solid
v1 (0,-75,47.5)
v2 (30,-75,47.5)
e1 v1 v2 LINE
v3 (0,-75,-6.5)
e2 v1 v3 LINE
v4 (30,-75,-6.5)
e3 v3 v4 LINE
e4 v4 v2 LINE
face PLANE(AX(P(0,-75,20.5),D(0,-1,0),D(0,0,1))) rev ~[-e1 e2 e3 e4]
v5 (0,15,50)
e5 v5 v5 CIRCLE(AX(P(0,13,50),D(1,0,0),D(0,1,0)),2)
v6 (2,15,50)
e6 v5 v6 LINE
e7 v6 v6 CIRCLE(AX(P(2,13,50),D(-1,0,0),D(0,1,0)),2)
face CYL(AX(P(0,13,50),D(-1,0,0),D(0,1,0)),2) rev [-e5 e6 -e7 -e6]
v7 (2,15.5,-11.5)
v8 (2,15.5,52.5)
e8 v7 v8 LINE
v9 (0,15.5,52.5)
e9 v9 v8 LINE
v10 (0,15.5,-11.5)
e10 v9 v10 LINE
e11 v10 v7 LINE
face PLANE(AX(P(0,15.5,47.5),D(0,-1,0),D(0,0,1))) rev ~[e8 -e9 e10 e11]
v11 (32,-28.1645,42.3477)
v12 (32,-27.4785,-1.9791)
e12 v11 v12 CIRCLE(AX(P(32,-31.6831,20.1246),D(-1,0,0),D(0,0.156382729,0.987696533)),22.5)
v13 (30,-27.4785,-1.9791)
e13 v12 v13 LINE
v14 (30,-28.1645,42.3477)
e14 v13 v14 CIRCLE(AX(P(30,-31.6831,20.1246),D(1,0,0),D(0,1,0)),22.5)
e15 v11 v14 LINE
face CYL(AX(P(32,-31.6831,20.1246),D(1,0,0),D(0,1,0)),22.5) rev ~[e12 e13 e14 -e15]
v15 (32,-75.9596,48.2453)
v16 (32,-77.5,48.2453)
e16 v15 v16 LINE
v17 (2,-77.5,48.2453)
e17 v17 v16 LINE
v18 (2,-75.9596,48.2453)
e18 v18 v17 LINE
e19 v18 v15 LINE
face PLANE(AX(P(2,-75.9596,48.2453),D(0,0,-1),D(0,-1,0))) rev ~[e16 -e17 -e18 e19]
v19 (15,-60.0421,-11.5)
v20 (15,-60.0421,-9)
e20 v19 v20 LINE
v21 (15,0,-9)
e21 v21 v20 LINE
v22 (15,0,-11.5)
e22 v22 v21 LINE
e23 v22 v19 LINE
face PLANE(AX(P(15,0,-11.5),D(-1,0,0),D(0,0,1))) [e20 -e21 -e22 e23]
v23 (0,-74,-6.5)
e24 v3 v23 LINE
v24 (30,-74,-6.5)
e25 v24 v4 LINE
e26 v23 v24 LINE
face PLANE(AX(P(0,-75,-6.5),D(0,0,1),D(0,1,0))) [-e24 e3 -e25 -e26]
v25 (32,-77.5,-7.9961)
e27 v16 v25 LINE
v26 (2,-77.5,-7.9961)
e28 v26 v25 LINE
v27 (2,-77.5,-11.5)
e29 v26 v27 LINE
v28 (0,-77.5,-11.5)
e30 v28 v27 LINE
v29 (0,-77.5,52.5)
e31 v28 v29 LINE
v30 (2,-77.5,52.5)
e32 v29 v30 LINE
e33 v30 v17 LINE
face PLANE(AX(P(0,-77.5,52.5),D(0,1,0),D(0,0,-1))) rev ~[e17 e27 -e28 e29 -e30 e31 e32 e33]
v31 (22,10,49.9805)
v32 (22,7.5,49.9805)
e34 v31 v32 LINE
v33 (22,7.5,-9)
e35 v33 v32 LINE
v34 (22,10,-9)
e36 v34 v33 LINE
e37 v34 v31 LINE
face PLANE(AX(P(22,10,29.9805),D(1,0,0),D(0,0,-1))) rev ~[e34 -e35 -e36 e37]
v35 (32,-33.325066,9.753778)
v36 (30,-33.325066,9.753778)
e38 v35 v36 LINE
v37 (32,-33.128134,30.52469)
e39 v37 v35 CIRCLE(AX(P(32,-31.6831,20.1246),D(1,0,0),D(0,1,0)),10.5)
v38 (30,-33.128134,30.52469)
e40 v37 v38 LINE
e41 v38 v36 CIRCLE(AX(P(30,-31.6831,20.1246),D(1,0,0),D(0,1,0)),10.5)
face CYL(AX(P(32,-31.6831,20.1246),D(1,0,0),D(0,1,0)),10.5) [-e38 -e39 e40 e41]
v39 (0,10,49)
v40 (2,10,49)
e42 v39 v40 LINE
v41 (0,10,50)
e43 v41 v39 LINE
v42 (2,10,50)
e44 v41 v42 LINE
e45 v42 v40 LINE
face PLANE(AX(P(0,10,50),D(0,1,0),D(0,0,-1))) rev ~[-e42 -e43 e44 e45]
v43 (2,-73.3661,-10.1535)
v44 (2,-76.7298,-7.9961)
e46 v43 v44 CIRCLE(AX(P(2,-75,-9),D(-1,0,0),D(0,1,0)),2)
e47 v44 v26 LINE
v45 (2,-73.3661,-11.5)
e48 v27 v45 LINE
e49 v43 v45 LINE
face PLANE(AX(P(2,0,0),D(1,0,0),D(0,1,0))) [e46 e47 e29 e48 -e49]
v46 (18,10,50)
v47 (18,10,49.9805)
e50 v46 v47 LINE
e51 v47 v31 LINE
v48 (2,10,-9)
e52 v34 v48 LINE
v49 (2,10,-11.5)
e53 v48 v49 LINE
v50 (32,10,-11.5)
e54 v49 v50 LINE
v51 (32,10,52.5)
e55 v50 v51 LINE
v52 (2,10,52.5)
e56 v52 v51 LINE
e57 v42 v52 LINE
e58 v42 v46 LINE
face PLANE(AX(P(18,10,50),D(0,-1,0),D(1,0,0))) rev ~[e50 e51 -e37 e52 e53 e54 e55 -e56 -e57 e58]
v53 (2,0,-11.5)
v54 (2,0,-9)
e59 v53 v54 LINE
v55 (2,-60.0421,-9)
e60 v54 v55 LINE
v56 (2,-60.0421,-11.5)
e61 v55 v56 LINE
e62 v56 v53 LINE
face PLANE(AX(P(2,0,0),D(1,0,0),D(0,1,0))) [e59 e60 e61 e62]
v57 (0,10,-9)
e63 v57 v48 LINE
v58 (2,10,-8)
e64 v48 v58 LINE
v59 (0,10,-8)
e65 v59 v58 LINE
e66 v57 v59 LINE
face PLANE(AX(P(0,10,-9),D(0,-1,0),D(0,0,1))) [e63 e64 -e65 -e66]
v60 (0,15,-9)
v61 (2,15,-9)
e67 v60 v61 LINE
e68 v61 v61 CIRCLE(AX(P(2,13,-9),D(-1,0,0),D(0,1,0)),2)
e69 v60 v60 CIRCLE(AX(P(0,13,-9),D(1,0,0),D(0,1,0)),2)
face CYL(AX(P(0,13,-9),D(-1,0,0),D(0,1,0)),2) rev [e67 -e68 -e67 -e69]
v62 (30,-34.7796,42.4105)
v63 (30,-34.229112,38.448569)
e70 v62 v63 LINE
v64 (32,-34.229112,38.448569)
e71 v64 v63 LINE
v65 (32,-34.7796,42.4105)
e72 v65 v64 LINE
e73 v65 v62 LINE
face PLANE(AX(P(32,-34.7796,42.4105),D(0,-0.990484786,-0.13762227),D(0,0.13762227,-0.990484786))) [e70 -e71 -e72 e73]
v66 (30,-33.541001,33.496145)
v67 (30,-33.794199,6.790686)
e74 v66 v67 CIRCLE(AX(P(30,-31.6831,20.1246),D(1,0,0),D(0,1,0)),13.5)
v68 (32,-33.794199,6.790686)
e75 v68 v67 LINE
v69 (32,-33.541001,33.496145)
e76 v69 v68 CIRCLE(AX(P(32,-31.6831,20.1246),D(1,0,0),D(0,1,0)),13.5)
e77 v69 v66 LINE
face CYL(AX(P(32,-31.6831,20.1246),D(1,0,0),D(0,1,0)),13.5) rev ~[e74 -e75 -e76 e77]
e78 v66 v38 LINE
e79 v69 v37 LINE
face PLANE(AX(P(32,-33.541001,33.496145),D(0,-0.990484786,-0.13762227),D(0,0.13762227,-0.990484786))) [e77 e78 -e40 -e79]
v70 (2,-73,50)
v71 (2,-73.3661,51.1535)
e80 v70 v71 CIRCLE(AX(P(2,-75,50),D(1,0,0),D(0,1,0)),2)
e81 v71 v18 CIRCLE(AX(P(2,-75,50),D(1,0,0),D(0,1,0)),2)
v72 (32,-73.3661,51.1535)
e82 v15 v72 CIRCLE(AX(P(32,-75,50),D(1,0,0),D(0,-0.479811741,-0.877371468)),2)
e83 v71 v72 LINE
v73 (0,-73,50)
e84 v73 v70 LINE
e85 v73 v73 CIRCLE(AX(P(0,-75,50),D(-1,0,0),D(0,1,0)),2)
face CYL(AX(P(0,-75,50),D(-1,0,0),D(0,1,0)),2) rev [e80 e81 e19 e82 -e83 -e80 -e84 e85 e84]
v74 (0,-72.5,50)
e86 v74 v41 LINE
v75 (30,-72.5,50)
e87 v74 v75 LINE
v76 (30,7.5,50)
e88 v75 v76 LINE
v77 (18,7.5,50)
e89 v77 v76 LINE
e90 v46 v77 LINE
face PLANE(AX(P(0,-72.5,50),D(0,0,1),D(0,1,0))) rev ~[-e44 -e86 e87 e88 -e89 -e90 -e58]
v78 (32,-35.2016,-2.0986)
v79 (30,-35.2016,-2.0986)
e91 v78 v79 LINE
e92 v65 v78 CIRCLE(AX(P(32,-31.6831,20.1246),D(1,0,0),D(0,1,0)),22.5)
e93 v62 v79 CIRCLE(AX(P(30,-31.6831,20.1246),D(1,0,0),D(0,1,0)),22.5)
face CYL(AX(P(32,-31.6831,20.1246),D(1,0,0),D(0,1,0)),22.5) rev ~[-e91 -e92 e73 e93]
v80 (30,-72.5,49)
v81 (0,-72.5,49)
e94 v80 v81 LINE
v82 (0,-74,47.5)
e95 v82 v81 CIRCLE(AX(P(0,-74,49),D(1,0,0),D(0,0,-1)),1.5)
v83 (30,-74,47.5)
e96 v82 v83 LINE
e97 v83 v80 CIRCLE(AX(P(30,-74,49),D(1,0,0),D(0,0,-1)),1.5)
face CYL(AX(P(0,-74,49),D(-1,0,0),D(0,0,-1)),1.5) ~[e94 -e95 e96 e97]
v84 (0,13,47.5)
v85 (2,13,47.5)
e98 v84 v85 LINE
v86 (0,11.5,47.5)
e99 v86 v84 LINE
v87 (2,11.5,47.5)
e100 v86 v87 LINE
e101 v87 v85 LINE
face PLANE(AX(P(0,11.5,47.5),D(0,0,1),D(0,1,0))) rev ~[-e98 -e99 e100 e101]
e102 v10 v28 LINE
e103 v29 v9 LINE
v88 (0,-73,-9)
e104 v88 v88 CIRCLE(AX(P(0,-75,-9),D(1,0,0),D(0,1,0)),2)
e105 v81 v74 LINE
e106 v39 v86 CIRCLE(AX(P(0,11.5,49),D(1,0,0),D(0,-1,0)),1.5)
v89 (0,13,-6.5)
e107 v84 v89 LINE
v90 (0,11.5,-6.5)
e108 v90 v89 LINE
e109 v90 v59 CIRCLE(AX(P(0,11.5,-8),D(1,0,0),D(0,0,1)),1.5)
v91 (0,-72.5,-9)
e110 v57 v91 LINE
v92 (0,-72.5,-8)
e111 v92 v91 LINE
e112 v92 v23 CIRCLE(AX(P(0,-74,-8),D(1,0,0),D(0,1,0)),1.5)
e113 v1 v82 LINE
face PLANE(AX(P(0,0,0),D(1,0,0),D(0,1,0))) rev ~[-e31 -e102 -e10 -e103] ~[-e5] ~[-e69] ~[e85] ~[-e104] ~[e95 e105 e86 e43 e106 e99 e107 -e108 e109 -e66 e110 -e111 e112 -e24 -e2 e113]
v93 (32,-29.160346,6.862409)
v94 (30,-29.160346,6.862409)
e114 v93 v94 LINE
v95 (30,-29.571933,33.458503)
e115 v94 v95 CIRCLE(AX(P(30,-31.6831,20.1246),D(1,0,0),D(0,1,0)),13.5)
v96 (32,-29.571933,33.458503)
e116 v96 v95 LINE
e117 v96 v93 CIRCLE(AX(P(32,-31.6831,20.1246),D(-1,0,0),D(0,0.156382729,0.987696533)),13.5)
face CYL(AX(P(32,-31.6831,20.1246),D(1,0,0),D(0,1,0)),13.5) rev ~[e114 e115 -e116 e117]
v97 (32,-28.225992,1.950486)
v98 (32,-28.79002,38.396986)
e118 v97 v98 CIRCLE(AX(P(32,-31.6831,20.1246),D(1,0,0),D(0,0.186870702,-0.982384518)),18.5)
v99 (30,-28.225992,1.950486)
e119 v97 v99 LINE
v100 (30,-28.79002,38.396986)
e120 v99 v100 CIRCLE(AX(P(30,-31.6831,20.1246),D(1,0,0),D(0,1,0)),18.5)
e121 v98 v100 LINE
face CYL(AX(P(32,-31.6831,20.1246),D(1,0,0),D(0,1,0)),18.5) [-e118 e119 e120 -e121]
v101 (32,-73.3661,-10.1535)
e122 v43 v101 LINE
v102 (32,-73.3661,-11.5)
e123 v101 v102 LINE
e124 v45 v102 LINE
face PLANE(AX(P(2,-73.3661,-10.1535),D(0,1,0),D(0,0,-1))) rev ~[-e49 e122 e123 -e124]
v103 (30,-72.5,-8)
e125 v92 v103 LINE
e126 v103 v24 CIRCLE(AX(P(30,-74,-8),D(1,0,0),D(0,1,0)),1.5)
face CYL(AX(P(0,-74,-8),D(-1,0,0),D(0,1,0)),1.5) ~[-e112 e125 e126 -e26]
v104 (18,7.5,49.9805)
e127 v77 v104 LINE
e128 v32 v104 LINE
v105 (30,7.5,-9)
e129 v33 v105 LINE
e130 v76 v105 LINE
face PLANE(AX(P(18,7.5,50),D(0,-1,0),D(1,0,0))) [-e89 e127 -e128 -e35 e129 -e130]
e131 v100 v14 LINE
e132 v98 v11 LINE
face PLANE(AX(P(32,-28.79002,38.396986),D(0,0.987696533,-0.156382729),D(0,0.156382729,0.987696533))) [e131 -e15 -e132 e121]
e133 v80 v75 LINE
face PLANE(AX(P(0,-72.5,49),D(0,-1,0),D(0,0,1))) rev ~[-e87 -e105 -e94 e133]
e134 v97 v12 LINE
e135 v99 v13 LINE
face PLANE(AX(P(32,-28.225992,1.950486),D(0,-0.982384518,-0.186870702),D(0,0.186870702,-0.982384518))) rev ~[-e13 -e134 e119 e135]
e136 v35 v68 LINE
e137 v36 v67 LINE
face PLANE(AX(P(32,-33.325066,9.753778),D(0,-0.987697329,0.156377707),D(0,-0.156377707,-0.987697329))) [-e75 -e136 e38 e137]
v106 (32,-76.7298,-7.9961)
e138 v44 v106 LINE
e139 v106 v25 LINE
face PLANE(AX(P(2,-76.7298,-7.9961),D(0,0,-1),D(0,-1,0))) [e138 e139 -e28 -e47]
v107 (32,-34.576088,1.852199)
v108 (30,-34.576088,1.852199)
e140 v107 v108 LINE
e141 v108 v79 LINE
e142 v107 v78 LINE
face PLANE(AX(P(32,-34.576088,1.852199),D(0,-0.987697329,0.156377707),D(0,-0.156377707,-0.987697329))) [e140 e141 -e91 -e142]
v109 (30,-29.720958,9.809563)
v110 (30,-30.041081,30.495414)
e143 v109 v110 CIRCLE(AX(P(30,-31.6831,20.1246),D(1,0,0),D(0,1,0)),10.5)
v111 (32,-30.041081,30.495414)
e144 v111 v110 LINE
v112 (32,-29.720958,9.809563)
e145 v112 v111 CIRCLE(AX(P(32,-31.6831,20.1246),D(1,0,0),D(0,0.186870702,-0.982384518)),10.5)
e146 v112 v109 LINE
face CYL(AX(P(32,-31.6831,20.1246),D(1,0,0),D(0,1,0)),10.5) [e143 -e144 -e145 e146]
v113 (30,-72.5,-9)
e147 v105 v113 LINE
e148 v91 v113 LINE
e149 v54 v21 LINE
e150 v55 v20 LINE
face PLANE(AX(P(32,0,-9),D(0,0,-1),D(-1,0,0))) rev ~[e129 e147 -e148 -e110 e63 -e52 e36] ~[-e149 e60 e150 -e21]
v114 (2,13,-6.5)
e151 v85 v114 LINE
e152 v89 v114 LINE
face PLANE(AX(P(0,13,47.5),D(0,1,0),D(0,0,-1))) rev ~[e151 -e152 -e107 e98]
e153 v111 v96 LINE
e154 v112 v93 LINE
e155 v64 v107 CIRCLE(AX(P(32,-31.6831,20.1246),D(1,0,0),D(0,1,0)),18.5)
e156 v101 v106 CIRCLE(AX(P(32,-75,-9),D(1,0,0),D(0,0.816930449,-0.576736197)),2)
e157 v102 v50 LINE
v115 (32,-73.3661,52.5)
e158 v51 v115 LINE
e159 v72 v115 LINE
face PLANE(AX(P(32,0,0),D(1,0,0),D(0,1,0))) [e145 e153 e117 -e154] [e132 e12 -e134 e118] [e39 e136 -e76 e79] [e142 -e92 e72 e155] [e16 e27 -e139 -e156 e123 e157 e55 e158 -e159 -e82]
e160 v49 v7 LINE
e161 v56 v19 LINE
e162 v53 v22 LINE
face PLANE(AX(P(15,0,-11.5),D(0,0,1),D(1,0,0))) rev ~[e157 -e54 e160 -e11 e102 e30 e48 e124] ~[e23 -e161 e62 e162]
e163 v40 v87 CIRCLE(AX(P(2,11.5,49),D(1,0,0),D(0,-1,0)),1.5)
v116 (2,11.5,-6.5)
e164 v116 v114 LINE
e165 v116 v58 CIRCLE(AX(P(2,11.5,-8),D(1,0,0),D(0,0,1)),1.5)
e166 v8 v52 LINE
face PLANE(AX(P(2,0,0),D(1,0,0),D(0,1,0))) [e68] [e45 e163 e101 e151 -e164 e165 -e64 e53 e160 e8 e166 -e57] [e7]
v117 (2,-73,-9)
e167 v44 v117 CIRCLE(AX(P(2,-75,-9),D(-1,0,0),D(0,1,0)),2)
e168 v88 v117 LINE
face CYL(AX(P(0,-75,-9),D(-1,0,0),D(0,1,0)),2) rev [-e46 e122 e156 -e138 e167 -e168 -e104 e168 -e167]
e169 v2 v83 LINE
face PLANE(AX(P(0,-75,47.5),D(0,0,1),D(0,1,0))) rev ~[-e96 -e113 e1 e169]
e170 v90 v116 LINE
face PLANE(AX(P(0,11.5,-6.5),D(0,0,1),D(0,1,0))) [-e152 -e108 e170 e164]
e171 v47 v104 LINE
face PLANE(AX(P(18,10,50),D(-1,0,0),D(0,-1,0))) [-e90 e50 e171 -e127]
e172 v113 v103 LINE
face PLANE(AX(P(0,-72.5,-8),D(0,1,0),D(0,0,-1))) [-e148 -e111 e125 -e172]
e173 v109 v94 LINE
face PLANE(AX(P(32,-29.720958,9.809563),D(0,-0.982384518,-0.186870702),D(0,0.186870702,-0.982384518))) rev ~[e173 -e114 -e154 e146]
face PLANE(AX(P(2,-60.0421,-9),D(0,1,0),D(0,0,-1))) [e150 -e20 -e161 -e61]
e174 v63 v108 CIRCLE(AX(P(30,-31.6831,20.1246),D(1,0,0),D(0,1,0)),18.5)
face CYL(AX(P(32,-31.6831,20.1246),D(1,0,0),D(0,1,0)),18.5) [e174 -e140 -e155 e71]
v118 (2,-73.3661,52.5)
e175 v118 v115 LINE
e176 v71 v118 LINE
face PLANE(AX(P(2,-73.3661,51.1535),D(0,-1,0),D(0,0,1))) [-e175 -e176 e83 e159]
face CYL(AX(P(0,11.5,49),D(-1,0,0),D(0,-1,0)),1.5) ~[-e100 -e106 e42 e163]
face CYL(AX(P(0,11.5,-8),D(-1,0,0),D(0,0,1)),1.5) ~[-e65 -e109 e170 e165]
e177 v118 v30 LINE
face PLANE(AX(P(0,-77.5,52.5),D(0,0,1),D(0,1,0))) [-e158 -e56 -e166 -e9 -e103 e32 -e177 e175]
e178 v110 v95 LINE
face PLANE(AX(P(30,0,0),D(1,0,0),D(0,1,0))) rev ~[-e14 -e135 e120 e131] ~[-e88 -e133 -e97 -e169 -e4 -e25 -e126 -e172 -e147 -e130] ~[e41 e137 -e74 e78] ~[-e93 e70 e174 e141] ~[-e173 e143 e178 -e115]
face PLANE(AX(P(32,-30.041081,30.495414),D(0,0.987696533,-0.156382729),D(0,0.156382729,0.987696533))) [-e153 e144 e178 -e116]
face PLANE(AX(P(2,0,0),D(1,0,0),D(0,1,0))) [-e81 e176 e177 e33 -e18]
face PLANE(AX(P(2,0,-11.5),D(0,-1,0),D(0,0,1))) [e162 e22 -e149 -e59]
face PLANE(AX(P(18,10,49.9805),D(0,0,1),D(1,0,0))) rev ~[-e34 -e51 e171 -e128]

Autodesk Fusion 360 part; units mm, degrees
sketch "Sketch1" plane through (0, 0, 0) normal (1, 0, 0) x (0, 1, 0)
  line L0 (-75, 50) -> (13, 50)
  line L1 (13, 50) -> (13, -9)
  line L2 (13, -9) -> (-75, -9)
  line L3 (-75, -9) -> (-75, 50)
  circle A0 centre (-75, 50) radius 2
  circle A1 centre (13, 50) radius 2
  circle A2 centre (-75, -9) radius 2
  circle A3 centre (13, -9) radius 2
  line L4 (-77.5, 52.5) -> (-77.5, 47.5)
  line L5 (-77.5, 47.5) -> (-74, 47.5)
  line L6 (-72.5, 49) -> (-72.5, 52.5)
  line L7 (-72.5, 52.5) -> (10, 52.5)
  line L8 (10, 52.5) -> (10, 49)
  line L9 (11.5, 47.5) -> (15.5, 47.5)
  line L10 (15.5, 47.5) -> (15.5, 52.5)
  line L11 (15.5, 52.5) -> (10, 52.5)
  line L12 (-75, 20.5) -> (-35, 20.5)
  line L13 (-77.5, -11.5) -> (-77.5, -6.5)
  line L14 (-77.5, -6.5) -> (-74, -6.5)
  line L15 (-72.5, -8) -> (-72.5, -11.5)
  line L16 (-72.5, -11.5) -> (10, -11.5)
  line L17 (10, -11.5) -> (10, -8)
  line L18 (11.5, -6.5) -> (15.5, -6.5)
  line L19 (15.5, -6.5) -> (15.5, -11.5)
  line L20 (15.5, -11.5) -> (10, -11.5)
  line L21 (-77.5, 52.5) -> (-72.5, 52.5)
  line L22 (-77.5, 47.5) -> (-77.5, -11.5)
  line L23 (-77.5, -11.5) -> (-72.5, -11.5)
  arc A4 (-74, 47.5) -> (-72.5, 49) centre (-74, 49) ccw
  arc A5 (-72.5, -8) -> (-74, -6.5) centre (-74, -8) ccw
  arc A6 (11.5, -6.5) -> (10, -8) centre (11.5, -8) ccw
  arc A7 (10, 49) -> (11.5, 47.5) centre (11.5, 49) ccw
  line L24 (15.5, 47.5) -> (15.5, -6.5)
  dimension "d1" = 88
  dimension "d2" = 59
  dimension "d3" = 4
  dimension "d4" = 4
  dimension "d5" = 4
  dimension "d6" = 4
  dimension "d7" = 1.5
extrude "Extrude1" add sketch "Sketch1" along normal blind 2 contours L0 L3 A0 L4 L5 L6 L21 | L0 L3 A0 L5 L6 A4 | L0 L6 L7 L8 | L3 L5 L14 L22 | L0 L1 A1 L8 L9 L10 L11 | L0 L1 A1 L8 L9 A7 | L2 L3 A2 L14 L15 A5 | L2 L3 A2 L13 L14 L15 L22 L23 | L1 L9 L18 L24 | L2 L15 L16 L17 | L1 L2 A3 L17 L18 L19 L20 | L1 L2 A3 L17 L18 A6
sketch "Sketch2" plane through (2, 0, 0) normal (1, 0, 0) x (0, 1, 0)
  line L0 (-74, -6.5) -> (-75, -6.5)
  line L1 (-75, -6.5) -> (-75, 47.5)
  line L2 (-75, 47.5) -> (-74, 47.5)
  arc A0 (-74, 47.5) -> (-72.5, 49) centre (-74, 49) ccw
  line L3 (-72.5, 49) -> (-72.5, 50)
  line L4 (-72.5, 50) -> (10, 50)
  line L5 (10, 50) -> (10, 49)
  arc A1 (10, 49) -> (11.5, 47.5) centre (11.5, 49) ccw
  line L6 (11.5, 47.5) -> (13, 47.5)
  line L7 (13, 47.5) -> (13, -6.5)
  line L8 (13, -6.5) -> (11.5, -6.5)
  arc A2 (11.5, -6.5) -> (10, -8) centre (11.5, -8) ccw
  line L9 (10, -8) -> (10, -9)
  line L10 (10, -9) -> (-72.5, -9)
  line L11 (-72.5, -9) -> (-72.5, -8)
  arc A3 (-72.5, -8) -> (-74, -6.5) centre (-74, -8) ccw
  circle A4 centre (13, 50) radius 2
  circle A5 centre (13, -9) radius 2
  circle A6 centre (-75, -9) radius 2
  circle A7 centre (-75, 50) radius 2
  line L12 (15.5, 52.5) -> (-77.5, 52.5)
  line L13 (-77.5, 52.5) -> (-77.5, -11.5)
  line L14 (-77.5, -11.5) -> (15.5, -11.5)
  line L15 (15.5, -11.5) -> (15.5, 52.5)
  line L16 (-75.9596, 48.2453) -> (-77.5, 48.2453)
  line L17 (-73.3661, 51.1535) -> (-73.3661, 52.5)
  line L18 (-76.7298, -7.9961) -> (-77.5, -7.9961)
  line L19 (-73.3661, -10.1535) -> (-73.3661, -11.5)
  line L20 (-60.0421, -9) -> (-60.0421, -11.5)
  line L21 (10, 50) -> (10, 52.5)
  line L22 (0, -11.5) -> (0, -9)
  line L23 (10, -9) -> (10, -11.5)
extrude "Extrude2" add sketch "Sketch2" along normal blind 30 contours L0 L1 L2 A0 L3 L4 L10 L11 A3 A6 A7 L12 L13 L14 L16 L17 L18 L19 L20 L21 | L10 L14 L22 L23
sketch "Sketch3" plane through (0, 0, 50) normal (0, 0, -1) x (1, 0, 0)
  line L0 (0, 72.5) -> (0, -10)
  line L1 (0, -10) -> (2, -10)
  line L2 (2, -10) -> (32, -10)
  line L3 (32, -10) -> (32, 72.5)
  line L4 (32, 72.5) -> (0, 72.5)
  line L5 (32, -10) -> (18, -10)
  line L6 (18, -10) -> (18, -7.5)
  line L7 (18, -7.5) -> (32, -7.5)
  line L8 (32, -7.5) -> (32, -10)
  dimension "d12" = 14
  dimension "d13" = 2.5
extrude "Extrude3" add sketch "Sketch3" along normal up to surface (59 mm away) contours L2 L3 L5 L6 L7 L8
sketch "Sketch4" plane through (0, 0, 0) normal (0, -1, 0) x (1, 0, 0)
  line L0 (2, -9) -> (2, -11.5)
  line L1 (2, -11.5) -> (32, -11.5)
  line L2 (32, -11.5) -> (32, -9)
  line L3 (32, -9) -> (2, -9)
  line L4 (32, -11.5) -> (15, -11.5)
  line L5 (15, -11.5) -> (15, -9)
  line L6 (15, -9) -> (32, -9)
  line L7 (32, -9) -> (32, -11.5)
extrude "Extrude4" add sketch "Sketch4" along normal up to surface (60.0421 mm away) contours L1 L2 L3 L4 L5 L6 L7
sketch "Sketch5" plane through (0, 10, 0) normal (0, 1, 0) x (-1, 0, 0)
  line L0 (-2, -11.5) -> (-2, -9)
  line L1 (-2, -9) -> (-18, -9)
  line L2 (-18, -9) -> (-18, 50)
  line L3 (-18, 50) -> (-2, 50)
  line L4 (-2, 50) -> (-2, 52.5)
  line L5 (-2, 52.5) -> (-32, 52.5)
  line L6 (-32, 52.5) -> (-32, -11.5)
  line L7 (-32, -11.5) -> (-2, -11.5)
  line L8 (-18, 29.9805) -> (-22, 29.9805)
  line L9 (-22, 29.9805) -> (-22, -9)
  line L10 (-22, -9) -> (-18, -9)
extrude "Extrude5" cut sketch "Sketch5" against normal blind 6 contours L2 L8 L9 L10
sketch "Sketch6" plane through (32, 0, 0) normal (1, 0, 0) x (0, 1, 0)
  line L0 (-73.3661, -11.5) -> (10, -11.5)
  line L1 (10, -11.5) -> (10, 52.5)
  line L2 (10, 52.5) -> (-73.3661, 52.5)
  line L3 (-73.3661, 52.5) -> (-73.3661, 51.1535)
  arc A0 (-75.9596, 48.2453) -> (-73.3661, 51.1535) centre (-75, 50) ccw
  line L4 (-75.9596, 48.2453) -> (-77.5, 48.2453)
  line L5 (-77.5, 48.2453) -> (-77.5, -7.9961)
  line L6 (-77.5, -7.9961) -> (-76.7298, -7.9961)
  arc A1 (-73.3661, -10.1535) -> (-76.7298, -7.9961) centre (-75, -9) ccw
  line L7 (-73.3661, -10.1535) -> (-73.3661, -11.5)
  line L8 (7.5, -9) -> (-72.5, -9)
  line L9 (-72.5, -9) -> (-72.5, -8)
  arc A2 (-72.5, -8) -> (-74, -6.5) centre (-74, -8) ccw
  line L10 (-74, -6.5) -> (-75, -6.5)
  line L11 (-75, -6.5) -> (-75, 47.5)
  line L12 (-75, 47.5) -> (-74, 47.5)
  arc A3 (-74, 47.5) -> (-72.5, 49) centre (-74, 49) ccw
  line L13 (-72.5, 49) -> (-72.5, 50)
  line L14 (-72.5, 50) -> (7.5, 50)
  line L15 (7.5, 50) -> (7.5, -9)
  line L16 (-75, 47.5) -> (-73.5326, 47.9393)
  line L17 (-73.5326, 47.9393) -> (-72.7, 50.4)
  line L18 (-72.7, 50.4) -> (9, 51)
  line L19 (9, 51) -> (9, -10.6409)
  line L20 (9, -10.6409) -> (-72.5, -10.6409)
  line L21 (-72.5, -10.6409) -> (-73, -7.5)
  line L22 (-73, -7.5) -> (-74.2896, -6.8066)
  line L23 (-74.2896, -6.8066) -> (-75.5, -6.5)
  line L24 (-75.5, -6.5) -> (-75, 47.5)
extrude "Extrude6" add sketch "Sketch6" against normal blind 2 contours L8 L9 A2 L10 L11 L12 A3 L13 L14 L15
sketch "Sketch7" plane through (32, 0, 0) normal (1, 0, 0) x (0, 1, 0)
  line L0 (-73.3661, -11.5) -> (10, -11.5)
  line L1 (10, -11.5) -> (10, 52.5)
  line L2 (10, 52.5) -> (-73.3661, 52.5)
  line L3 (-73.3661, 52.5) -> (-73.3661, 51.1535)
  arc A0 (-75.9596, 48.2453) -> (-73.3661, 51.1535) centre (-75, 50) ccw
  line L4 (-75.9596, 48.2453) -> (-77.5, 48.2453)
  line L5 (-77.5, 48.2453) -> (-77.5, -7.9961)
  line L6 (-77.5, -7.9961) -> (-76.7298, -7.9961)
  arc A1 (-73.3661, -10.1535) -> (-76.7298, -7.9961) centre (-75, -9) ccw
  line L7 (-73.3661, -10.1535) -> (-73.3661, -11.5)
  circle A2 centre (-31.6831, 20.1246) radius 22.5
  circle A3 centre (-31.6831, 20.1246) radius 18.5
  circle A4 centre (-31.6831, 20.1246) radius 13.5
  circle A5 centre (-31.6831, 20.1246) radius 10.5
  circle A6 centre (-31.6831, 20.1246) radius 5.7443
  line L8 (-34.7796, 42.4105) -> (-31.6831, 20.1246)
  line L9 (-31.6831, 20.1246) -> (-28.1645, 42.3477)
  line L10 (-31.6831, 20.1246) -> (-35.2016, -2.0986)
  line L11 (-31.6831, 20.1246) -> (-27.4785, -1.9791)
  dimension "d22" = 45
  dimension "d23" = 37
  dimension "d24" = 27
  dimension "d25" = 21
extrude "Extrude7" cut sketch "Sketch7" against normal blind 4 contours A2 A3 L9 L11 | A2 A3 L8 L10 | A4 A5 L9 L11 | A4 A5 L8 L10
extrude "Extrude8" cut 1 faces at (19.3333, 9.1667, 29.9805) along direction (0, 0, 1) blind 20
